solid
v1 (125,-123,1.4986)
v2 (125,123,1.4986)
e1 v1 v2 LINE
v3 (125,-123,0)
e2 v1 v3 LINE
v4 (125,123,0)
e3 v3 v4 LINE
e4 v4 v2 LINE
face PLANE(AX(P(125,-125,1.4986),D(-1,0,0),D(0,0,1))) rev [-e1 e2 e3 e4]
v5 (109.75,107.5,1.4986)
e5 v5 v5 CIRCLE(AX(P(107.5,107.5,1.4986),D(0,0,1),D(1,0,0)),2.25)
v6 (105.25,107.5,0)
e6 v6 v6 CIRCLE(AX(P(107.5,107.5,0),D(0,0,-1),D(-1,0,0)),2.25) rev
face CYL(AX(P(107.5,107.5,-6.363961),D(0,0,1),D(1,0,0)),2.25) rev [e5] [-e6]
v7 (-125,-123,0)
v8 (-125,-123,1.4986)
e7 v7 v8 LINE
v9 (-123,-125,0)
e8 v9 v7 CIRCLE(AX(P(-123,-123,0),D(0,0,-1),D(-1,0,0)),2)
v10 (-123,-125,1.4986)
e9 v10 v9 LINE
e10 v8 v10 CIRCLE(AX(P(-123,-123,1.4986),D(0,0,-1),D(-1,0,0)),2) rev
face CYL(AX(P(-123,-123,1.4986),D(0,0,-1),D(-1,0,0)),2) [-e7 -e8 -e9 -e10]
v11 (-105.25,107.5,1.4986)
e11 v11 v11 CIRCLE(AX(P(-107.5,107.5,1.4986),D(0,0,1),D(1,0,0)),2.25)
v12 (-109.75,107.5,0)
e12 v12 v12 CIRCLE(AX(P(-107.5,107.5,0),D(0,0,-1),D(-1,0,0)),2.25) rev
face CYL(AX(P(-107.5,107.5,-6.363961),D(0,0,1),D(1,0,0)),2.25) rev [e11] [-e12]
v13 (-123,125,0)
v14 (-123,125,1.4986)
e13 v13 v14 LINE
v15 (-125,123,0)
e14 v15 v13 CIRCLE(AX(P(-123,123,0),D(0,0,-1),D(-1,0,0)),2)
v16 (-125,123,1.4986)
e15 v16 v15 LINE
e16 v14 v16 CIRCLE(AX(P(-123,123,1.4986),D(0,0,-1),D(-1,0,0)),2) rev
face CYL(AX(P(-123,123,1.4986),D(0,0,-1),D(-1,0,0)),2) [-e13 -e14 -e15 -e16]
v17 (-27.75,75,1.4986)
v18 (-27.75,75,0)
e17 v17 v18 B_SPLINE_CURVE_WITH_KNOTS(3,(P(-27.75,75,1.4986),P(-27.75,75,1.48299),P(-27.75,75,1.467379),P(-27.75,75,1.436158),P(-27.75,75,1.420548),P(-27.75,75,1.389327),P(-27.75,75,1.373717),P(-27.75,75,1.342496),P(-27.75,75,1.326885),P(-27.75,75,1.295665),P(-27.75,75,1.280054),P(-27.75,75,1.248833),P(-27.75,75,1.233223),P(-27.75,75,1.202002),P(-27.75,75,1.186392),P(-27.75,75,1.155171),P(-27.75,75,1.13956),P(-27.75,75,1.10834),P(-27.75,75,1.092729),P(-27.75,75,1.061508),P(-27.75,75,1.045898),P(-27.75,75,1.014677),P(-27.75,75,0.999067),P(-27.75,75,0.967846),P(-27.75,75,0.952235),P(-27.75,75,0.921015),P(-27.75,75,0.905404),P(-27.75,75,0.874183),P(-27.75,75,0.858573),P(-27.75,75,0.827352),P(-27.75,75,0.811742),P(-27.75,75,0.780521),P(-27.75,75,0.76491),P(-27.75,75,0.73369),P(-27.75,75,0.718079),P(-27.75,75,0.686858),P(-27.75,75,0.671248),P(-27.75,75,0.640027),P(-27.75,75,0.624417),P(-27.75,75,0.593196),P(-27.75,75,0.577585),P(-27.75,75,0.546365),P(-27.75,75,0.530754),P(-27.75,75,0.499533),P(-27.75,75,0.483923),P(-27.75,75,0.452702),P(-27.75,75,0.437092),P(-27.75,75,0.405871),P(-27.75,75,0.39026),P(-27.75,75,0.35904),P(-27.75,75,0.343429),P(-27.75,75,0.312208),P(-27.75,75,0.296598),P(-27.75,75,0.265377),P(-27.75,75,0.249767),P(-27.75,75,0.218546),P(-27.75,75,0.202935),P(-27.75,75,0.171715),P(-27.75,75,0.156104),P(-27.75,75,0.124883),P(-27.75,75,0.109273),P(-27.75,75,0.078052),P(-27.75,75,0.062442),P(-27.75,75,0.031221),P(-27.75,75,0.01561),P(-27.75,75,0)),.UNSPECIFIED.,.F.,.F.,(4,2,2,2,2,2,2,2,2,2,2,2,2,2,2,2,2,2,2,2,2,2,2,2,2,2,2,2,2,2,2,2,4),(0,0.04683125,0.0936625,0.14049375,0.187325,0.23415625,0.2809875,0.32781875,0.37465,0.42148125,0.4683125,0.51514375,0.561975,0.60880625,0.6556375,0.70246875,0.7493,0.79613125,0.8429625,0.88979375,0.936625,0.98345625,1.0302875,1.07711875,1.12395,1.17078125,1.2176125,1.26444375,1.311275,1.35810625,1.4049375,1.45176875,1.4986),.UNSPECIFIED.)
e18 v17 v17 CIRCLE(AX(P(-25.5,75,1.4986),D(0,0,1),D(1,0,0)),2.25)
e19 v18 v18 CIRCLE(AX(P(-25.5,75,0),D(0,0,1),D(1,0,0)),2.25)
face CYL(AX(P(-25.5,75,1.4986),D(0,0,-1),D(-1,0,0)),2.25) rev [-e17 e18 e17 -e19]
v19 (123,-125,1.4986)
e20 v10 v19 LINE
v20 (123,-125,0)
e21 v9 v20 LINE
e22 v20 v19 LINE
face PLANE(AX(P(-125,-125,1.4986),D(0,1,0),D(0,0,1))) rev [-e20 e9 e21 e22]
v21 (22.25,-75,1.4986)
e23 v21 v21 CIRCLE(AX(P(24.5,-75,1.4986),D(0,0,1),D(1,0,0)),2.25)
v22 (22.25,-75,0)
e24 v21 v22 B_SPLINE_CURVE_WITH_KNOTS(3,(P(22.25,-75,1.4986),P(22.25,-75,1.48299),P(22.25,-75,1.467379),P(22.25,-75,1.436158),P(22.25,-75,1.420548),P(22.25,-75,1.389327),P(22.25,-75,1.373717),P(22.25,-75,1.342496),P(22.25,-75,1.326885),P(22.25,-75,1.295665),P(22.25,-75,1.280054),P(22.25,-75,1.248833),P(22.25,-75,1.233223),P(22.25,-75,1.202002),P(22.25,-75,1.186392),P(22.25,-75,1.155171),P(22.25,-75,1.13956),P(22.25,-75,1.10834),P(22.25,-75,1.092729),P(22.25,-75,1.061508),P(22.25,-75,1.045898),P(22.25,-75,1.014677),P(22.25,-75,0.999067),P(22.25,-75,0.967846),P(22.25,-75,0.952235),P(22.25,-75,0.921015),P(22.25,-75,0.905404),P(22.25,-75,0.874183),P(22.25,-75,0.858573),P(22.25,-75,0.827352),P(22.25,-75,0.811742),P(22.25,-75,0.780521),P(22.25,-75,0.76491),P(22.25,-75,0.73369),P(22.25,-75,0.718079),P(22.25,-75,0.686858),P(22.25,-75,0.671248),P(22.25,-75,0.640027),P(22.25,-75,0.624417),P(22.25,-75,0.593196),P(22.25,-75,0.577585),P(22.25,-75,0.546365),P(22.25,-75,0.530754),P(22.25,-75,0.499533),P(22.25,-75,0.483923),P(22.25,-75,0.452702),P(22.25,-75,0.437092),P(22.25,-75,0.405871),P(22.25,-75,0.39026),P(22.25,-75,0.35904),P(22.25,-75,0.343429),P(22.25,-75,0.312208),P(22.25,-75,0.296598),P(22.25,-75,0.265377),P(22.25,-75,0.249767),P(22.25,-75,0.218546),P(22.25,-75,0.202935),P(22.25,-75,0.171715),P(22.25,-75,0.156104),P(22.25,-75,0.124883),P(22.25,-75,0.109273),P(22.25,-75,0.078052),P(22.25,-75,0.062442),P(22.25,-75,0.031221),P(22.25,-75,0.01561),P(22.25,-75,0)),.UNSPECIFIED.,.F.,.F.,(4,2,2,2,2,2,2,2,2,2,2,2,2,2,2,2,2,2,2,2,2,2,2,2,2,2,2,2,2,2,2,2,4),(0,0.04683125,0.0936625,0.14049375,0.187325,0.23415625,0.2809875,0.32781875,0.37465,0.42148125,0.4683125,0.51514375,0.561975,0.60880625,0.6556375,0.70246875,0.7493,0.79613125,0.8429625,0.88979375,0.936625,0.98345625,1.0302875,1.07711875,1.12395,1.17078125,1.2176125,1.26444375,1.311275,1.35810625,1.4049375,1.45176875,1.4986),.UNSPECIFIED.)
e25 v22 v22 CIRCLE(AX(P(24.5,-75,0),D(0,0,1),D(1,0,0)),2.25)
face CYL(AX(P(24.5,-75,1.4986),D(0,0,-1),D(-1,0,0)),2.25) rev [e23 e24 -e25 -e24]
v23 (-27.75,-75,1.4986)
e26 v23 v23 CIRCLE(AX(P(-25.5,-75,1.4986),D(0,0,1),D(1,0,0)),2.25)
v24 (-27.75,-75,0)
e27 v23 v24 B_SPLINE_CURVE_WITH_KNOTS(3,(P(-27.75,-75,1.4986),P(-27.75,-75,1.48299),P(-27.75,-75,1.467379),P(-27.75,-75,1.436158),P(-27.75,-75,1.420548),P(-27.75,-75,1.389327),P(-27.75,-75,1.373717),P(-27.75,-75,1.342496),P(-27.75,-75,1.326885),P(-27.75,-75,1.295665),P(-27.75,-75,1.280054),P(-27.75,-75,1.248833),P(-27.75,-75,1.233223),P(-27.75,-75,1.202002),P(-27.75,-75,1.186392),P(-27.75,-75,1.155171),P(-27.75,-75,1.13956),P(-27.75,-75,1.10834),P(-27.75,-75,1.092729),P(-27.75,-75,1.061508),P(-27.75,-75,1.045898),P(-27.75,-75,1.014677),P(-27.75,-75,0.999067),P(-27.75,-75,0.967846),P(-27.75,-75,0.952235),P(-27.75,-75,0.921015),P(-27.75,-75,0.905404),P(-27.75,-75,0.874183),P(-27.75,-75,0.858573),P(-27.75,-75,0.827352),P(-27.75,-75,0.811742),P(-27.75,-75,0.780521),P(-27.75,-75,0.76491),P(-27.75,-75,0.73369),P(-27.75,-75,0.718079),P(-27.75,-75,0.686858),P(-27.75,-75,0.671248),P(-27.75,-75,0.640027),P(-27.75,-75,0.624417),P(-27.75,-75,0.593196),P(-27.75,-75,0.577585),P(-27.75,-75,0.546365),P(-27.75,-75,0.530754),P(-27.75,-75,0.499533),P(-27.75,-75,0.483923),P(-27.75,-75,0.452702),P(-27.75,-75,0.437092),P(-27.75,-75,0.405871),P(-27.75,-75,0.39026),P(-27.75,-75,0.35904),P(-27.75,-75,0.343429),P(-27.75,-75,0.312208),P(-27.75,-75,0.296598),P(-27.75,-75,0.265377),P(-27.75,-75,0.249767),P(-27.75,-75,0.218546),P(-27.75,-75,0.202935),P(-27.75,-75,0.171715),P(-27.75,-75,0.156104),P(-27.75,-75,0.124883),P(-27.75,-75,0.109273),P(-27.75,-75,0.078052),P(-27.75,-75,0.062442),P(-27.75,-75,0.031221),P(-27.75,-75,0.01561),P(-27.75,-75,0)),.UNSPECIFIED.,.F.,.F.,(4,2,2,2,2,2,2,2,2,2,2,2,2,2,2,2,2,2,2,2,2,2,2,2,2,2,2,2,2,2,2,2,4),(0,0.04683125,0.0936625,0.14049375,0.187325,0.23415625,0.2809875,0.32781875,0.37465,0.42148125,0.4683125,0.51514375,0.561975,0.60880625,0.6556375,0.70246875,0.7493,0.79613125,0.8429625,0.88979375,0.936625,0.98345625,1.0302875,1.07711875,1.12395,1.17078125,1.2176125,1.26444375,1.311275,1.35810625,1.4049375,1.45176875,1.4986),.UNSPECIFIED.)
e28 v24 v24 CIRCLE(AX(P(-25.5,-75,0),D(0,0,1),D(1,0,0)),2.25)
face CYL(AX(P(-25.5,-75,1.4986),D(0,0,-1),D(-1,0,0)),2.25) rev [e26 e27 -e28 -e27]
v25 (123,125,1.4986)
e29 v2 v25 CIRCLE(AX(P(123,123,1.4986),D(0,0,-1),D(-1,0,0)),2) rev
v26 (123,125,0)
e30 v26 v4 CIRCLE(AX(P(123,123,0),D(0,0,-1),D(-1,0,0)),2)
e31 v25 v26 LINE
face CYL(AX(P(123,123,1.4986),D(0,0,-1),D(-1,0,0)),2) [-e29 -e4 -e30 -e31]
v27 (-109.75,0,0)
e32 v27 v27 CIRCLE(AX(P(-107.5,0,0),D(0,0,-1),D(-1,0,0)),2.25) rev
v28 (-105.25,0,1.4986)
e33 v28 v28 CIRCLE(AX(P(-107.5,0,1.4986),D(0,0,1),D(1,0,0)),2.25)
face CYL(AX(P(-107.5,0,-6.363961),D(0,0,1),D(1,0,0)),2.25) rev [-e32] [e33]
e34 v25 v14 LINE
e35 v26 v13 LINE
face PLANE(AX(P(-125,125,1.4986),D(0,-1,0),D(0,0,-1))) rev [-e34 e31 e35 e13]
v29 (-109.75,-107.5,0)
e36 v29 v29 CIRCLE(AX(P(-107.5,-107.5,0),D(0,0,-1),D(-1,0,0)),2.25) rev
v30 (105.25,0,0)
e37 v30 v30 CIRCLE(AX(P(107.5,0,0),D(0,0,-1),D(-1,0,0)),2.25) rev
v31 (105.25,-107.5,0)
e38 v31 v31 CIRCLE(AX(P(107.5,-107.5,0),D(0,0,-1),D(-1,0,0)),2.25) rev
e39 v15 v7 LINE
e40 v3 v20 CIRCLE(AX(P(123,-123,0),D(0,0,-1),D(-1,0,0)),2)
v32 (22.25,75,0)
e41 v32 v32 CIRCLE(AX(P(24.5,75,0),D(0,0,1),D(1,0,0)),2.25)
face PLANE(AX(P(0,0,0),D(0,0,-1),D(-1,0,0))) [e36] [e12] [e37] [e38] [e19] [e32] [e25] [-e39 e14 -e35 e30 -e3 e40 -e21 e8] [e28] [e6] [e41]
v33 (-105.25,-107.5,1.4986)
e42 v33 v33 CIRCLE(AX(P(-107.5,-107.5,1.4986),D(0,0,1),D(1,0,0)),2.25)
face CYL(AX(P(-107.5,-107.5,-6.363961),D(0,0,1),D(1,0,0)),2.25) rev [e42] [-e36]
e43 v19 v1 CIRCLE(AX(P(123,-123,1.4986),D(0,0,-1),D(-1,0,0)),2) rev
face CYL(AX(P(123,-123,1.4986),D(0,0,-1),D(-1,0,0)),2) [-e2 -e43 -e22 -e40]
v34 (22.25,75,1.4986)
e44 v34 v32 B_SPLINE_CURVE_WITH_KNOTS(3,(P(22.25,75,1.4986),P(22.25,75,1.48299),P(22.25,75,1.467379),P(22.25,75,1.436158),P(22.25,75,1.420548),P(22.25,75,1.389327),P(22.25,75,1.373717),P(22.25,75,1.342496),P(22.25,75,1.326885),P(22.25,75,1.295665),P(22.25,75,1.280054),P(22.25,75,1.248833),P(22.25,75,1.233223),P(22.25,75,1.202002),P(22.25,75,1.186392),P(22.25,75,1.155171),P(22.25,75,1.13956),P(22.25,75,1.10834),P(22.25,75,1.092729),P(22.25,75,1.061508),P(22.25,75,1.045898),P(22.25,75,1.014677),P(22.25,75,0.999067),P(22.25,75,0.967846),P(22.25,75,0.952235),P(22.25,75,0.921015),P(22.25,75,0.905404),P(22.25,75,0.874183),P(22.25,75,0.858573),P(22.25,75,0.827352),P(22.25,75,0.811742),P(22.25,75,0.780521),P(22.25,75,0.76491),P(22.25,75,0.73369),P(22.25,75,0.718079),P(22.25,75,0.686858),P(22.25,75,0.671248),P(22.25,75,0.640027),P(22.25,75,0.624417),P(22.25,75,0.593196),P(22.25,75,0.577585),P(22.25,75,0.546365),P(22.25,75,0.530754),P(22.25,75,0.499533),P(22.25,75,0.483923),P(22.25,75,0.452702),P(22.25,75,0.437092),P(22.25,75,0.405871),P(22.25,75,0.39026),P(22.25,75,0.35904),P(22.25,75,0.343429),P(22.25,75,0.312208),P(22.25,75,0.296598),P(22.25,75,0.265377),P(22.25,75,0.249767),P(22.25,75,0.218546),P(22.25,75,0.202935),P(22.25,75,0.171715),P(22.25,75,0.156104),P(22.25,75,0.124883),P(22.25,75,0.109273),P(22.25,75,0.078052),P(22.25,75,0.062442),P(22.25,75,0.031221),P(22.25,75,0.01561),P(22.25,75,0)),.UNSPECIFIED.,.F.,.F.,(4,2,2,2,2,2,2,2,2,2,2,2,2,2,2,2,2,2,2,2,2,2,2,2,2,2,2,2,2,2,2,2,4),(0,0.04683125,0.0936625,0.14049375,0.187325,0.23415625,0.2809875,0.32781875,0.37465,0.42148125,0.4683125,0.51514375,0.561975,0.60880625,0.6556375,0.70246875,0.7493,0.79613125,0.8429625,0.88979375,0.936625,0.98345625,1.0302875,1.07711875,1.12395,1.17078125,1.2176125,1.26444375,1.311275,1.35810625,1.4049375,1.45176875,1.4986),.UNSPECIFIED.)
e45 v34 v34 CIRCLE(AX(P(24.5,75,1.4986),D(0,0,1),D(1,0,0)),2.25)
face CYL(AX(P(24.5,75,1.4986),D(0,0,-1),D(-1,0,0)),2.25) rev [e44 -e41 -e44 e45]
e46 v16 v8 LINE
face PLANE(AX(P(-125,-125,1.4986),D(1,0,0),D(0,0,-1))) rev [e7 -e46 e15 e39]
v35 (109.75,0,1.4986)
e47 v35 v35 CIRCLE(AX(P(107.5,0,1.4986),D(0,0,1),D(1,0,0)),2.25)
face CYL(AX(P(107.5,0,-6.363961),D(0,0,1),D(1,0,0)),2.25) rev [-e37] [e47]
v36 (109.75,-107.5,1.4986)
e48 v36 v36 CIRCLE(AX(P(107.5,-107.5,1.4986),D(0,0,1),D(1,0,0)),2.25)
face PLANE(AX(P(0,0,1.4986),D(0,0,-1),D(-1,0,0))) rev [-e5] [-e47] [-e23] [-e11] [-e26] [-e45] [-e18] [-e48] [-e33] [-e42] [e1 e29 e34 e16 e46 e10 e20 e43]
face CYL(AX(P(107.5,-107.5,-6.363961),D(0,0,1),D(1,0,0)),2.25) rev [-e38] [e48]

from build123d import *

# Parameters (mm, degrees)
SKETCH1_W           = 250
SKETCH1_H           = 250
SKETCH1_R           = 2.25
BOSS_EXTRUDE1_DEPTH = 1.4986
FILLET1_R           = 2
SKETCH2_R           = 2.25
CUT_EXTRUDE1_DEPTH  = 1.4986


with BuildPart() as part:
    # Sketch1 → Boss-Extrude1 (new body)
    with BuildSketch(Plane.XY):
        Rectangle(SKETCH1_W, SKETCH1_H)
        with Locations(Location((-25.5, 75, 0), (0, 0, 180))):
            Circle(SKETCH1_R, mode=Mode.SUBTRACT)
        with Locations(Location((24.5, 75, 0), (0, 0, 180))):
            Circle(SKETCH1_R, mode=Mode.SUBTRACT)
        with Locations(Location((24.5, -75, 0), (0, 0, 180))):
            Circle(SKETCH1_R, mode=Mode.SUBTRACT)
        with Locations(Location((-25.5, -75, 0), (0, 0, 180))):
            Circle(SKETCH1_R, mode=Mode.SUBTRACT)
    extrude(amount=BOSS_EXTRUDE1_DEPTH)

    # Fillet1
    fillet1_edges = [part.edges().sort_by_distance(p)[0] for p in [
        (125, -125, 0.7493),
        (-125, -125, 0.7493),
        (-125, 125, 0.7493),
        (125, 125, 0.7493),
    ]]
    fillet(fillet1_edges, radius=FILLET1_R)

    # Sketch2 → Cut-Extrude1 (cut)
    with BuildSketch(Plane.XY.offset(1.4986)):
        with Locations((-107.5, 107.5)):
            Circle(SKETCH2_R)
        with Locations((107.5, 107.5)):
            Circle(SKETCH2_R)
        with Locations((107.5, -107.5)):
            Circle(SKETCH2_R)
        with Locations((-107.5, -107.5)):
            Circle(SKETCH2_R)
        with Locations((-107.5, 0)):
            Circle(SKETCH2_R)
        with Locations((107.5, 0)):
            Circle(SKETCH2_R)
    extrude(amount=-CUT_EXTRUDE1_DEPTH, mode=Mode.SUBTRACT)


solid = part.part
